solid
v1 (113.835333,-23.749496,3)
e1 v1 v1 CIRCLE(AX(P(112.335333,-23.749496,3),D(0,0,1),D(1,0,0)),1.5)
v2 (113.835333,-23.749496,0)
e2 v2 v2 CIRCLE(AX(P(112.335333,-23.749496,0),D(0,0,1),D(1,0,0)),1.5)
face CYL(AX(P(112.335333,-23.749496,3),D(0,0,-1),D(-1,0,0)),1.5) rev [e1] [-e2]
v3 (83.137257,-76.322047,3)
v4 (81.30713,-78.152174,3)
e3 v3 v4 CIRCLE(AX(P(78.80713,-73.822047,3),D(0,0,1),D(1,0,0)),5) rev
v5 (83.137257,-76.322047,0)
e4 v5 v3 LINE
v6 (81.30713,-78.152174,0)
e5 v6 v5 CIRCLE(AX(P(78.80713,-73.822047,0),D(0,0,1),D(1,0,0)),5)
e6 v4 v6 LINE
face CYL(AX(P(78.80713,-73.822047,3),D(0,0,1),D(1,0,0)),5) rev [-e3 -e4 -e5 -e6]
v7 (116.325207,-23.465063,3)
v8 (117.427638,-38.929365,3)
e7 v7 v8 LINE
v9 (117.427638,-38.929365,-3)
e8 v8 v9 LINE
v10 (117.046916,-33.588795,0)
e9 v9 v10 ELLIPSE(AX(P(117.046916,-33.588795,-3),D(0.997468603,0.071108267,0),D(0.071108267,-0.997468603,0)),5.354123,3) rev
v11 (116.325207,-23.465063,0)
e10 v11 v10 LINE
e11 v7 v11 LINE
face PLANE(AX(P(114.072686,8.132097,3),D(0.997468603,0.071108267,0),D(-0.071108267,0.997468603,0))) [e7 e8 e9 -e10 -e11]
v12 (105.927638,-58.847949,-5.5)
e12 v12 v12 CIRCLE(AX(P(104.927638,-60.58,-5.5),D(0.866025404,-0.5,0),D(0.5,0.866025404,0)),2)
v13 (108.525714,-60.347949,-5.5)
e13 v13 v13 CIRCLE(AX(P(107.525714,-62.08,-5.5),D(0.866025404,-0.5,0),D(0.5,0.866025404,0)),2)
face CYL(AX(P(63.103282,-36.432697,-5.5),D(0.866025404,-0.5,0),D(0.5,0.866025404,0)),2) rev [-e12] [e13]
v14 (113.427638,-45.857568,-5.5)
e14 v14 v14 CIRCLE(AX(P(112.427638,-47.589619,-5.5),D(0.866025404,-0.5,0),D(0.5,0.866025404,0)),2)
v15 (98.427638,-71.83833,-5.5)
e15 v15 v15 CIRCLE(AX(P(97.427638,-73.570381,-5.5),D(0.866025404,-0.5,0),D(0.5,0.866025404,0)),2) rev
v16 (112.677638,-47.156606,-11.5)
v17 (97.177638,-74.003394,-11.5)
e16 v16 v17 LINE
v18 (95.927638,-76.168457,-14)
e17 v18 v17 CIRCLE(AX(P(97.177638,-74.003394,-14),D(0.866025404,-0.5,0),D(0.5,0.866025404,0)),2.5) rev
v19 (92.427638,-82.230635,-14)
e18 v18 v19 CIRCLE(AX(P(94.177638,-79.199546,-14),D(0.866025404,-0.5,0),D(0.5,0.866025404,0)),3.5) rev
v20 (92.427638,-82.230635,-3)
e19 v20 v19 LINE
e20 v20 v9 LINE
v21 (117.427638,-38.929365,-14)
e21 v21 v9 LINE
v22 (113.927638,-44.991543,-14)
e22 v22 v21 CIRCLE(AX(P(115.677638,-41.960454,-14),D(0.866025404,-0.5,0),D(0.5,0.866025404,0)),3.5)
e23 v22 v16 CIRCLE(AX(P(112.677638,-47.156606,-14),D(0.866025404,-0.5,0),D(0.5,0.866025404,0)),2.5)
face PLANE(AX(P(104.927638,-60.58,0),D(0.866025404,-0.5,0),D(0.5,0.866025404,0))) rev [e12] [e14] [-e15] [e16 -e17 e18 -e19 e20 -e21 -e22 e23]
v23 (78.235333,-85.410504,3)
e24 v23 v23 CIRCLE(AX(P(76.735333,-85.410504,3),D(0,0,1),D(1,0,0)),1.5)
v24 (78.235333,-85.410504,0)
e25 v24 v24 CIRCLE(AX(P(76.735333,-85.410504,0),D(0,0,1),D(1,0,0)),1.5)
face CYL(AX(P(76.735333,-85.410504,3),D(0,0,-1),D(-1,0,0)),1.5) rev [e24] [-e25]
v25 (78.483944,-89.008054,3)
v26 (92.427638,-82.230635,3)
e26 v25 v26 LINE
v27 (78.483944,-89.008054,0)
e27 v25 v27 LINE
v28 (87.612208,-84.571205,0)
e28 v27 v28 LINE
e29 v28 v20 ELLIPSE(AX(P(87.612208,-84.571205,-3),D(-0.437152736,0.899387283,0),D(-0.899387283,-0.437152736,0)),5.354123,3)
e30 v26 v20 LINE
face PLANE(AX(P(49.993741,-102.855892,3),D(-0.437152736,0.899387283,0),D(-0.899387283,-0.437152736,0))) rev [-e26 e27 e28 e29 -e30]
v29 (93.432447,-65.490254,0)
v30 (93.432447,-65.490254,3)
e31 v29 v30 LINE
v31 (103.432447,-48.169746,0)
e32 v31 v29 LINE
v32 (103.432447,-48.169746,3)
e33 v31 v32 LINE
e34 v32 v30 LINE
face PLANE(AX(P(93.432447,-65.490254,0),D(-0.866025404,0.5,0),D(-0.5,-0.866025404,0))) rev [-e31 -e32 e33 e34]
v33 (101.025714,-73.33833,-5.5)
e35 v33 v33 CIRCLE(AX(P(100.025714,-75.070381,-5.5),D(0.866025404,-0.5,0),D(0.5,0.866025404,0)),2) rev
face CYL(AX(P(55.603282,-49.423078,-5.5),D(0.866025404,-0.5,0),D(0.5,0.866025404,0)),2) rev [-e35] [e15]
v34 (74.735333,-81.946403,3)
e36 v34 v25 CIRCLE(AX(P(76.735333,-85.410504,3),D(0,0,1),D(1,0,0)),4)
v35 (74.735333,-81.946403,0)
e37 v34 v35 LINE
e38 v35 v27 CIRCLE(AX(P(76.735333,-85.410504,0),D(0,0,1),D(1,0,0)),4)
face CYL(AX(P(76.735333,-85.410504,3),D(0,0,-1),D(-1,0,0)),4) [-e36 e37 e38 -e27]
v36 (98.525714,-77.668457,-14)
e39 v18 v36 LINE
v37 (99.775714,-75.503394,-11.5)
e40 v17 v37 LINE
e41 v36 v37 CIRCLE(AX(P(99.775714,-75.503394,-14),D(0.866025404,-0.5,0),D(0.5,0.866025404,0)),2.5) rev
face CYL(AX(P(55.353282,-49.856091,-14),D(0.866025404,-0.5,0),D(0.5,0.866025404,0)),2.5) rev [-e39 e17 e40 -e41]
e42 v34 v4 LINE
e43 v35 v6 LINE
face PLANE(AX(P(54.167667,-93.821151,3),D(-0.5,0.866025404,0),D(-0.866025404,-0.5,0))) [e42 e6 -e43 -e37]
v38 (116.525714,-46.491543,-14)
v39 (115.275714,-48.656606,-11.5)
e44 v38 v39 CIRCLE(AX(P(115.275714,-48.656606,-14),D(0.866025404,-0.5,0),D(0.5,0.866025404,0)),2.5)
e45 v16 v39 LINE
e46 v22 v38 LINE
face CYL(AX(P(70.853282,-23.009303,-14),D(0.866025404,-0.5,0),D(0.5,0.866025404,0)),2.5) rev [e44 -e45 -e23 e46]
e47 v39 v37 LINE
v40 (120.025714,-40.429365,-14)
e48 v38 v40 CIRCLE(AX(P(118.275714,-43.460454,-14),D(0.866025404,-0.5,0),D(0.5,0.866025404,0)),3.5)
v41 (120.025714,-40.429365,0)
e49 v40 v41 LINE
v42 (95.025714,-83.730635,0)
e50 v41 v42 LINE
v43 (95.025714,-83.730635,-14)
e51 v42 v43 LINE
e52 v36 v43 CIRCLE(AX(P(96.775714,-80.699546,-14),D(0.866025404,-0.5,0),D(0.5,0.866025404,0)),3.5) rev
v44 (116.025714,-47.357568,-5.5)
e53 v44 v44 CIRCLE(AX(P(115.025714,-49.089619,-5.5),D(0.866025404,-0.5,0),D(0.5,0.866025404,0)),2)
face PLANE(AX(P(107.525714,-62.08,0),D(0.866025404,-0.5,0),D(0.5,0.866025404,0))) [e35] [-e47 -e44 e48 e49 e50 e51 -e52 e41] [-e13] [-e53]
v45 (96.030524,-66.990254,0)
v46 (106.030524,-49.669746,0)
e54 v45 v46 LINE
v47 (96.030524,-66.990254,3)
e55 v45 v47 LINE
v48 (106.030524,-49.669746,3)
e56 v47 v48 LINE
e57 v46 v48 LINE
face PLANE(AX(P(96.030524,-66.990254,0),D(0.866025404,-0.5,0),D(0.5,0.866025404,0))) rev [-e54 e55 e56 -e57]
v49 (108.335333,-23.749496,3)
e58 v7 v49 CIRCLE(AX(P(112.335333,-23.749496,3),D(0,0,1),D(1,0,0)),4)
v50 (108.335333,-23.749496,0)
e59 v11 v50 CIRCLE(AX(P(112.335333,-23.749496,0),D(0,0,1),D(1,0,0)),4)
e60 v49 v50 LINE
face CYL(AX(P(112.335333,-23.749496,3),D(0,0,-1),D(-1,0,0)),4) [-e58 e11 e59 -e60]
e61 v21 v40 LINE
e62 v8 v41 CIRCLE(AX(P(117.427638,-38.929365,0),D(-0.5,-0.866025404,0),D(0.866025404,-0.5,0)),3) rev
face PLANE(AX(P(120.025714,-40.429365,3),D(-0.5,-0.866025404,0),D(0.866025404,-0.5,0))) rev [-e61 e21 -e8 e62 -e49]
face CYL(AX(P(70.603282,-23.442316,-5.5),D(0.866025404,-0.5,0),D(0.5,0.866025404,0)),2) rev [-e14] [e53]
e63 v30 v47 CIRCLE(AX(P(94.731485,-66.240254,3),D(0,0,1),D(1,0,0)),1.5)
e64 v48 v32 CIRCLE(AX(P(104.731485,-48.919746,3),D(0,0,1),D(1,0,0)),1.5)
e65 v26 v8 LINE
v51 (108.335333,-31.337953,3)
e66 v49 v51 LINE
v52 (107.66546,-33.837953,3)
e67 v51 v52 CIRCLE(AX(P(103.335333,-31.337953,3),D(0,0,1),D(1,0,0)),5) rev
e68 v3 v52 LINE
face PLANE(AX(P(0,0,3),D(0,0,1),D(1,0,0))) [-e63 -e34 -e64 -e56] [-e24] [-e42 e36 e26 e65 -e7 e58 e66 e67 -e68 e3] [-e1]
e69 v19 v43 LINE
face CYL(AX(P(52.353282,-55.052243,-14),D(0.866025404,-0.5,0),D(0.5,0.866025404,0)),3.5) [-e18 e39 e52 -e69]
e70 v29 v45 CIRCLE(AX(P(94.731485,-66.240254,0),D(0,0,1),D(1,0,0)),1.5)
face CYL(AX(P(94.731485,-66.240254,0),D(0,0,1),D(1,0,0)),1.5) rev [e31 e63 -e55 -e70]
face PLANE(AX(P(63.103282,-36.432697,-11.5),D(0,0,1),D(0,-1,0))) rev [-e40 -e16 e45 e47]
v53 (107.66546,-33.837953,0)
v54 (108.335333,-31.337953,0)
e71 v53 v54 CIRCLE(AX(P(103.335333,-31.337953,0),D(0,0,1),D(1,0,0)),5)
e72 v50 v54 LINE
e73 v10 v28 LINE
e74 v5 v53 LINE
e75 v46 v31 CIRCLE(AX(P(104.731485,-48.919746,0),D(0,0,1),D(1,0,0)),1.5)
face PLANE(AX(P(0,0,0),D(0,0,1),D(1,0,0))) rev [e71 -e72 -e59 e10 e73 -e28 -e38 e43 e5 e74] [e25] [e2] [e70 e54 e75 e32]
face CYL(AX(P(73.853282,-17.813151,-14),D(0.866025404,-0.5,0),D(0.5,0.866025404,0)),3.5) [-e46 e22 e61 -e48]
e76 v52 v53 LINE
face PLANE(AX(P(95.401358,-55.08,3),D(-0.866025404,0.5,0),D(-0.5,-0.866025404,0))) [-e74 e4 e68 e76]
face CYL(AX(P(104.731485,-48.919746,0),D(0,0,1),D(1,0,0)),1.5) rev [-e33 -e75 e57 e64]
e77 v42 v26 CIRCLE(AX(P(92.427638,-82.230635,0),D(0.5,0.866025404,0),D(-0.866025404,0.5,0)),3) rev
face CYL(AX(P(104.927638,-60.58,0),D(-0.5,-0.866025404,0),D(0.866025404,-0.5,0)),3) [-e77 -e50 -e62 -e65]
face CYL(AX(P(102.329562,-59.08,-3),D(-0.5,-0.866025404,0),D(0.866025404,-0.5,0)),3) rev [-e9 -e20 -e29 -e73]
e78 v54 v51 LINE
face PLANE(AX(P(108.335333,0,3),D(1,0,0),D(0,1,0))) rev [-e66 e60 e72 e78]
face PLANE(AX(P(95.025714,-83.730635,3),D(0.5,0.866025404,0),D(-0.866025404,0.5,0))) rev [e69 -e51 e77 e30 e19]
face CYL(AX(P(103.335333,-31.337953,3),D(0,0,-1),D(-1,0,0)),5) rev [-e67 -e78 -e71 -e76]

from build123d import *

# Parameters (mm, degrees)
SKETCH_1_R          = 1.5
EXTRUDE_1_DEPTH     = 3
CUT_EXTRUDE_1_DEPTH = 148.622791061
SKETCH_3_W          = 30
SKETCH_3_H          = 50
EXTRUDE_2_DEPTH     = 3
FILLET_1_R          = 3
SKETCH_4_R          = 2
CUT_EXTRUDE_2_DEPTH = 62.083894888
FILLET_2_R          = 5


with BuildPart() as part:
    # 草图1 → 凸台-拉伸1 (new body)
    with BuildSketch(Plane.XY):
        with BuildLine():
            ThreePointArc((74.735333077, -81.94640276), (73.202271099, -87.285997126), (78.48394402, -89.008053508))
            Line((78.48394402, -89.008053508), (92.427637923, -82.230635095))
            Line((92.427637923, -82.230635095), (117.427637923, -38.929364905))
            Line((117.427637923, -38.929364905), (116.32520749, -23.465062556))
            ThreePointArc((116.32520749, -23.465062556), (112.193026456, -19.752027824), (108.335333077, -23.749495625))
            Line((108.335333077, -23.749495625), (108.335333077, -32.677698856))
            Line((108.335333077, -32.677698856), (82.467383885, -77.482301144))
            Line((82.467383885, -77.482301144), (74.735333077, -81.94640276))
        make_face()
        with Locations((76.735333077, -85.410504375)):
            Circle(SKETCH_1_R, mode=Mode.SUBTRACT)
        with Locations((112.335333077, -23.749495625)):
            Circle(SKETCH_1_R, mode=Mode.SUBTRACT)
    extrude(amount=EXTRUDE_1_DEPTH)

    # 草图2 → 切除-拉伸1 (cut, through all)
    with BuildSketch(Plane.XY.offset(3)):
        with BuildLine():
            Line((93.432447394, -65.490254038), (103.432447394, -48.169745962))
            ThreePointArc((103.432447394, -48.169745962), (105.4814855, -47.620707856), (106.030523605, -49.669745962))
            Line((106.030523605, -49.669745962), (96.030523605, -66.990254038))
            ThreePointArc((96.030523605, -66.990254038), (93.9814855, -67.539292144), (93.432447394, -65.490254038))
        make_face()
    extrude(amount=-CUT_EXTRUDE_1_DEPTH, mode=Mode.SUBTRACT)

    # 草图3 → 凸台-拉伸2 (add)
    with BuildSketch(Plane(origin=(104.927637923, -60.58, 0), x_dir=(0, 0, -1), z_dir=(0.8660254037844419, -0.4999999999999942, 0))):
        with Locations((12, 0)):
            Rectangle(SKETCH_3_W, SKETCH_3_H)
    extrude(amount=EXTRUDE_2_DEPTH)

    # 圆角1
    fillet_1_edges = [part.edges().sort_by_distance(p)[0] for p in [
        (107.525714134, -62.08, 3),
        (104.927637923, -60.58, 0),
    ]]
    fillet(fillet_1_edges, radius=FILLET_1_R)

    # 草图4 → 切除-拉伸2 (cut, through all)
    with BuildSketch(Plane(origin=(107.525714134, -62.08, 0), x_dir=(0, 0, -1), z_dir=(0.8660254037844419, -0.4999999999999943, 0))):
        with BuildLine():
            Line((27, -25), (27, 25))
            Line((27, 25), (14, 25))
            ThreePointArc((14, 25), (17.5, 21.5), (14, 18))
            ThreePointArc((14, 18), (12.232233047, 17.267766953), (11.5, 15.5))
            Line((11.5, 15.5), (11.5, -15.5))
            ThreePointArc((11.5, -15.5), (12.232233047, -17.267766953), (14, -18))
            ThreePointArc((14, -18), (17.5, -21.5), (14, -25))
            Line((14, -25), (27, -25))
        make_face()
        with Locations(Location((5.5, 0, 0), (0, 0, 90))):
            Circle(SKETCH_4_R)
        with Locations(Location((5.5, 15, 0), (0, 0, 90))):
            Circle(SKETCH_4_R)
        with Locations(Location((5.5, -15, 0), (0, 0, 90))):
            Circle(SKETCH_4_R)
    extrude(amount=-CUT_EXTRUDE_2_DEPTH, mode=Mode.SUBTRACT)

    # 圆角2
    fillet_2_edges = [part.edges().sort_by_distance(p)[0] for p in [
        (82.467383885, -77.482301144, 1.5),
        (108.335333077, -32.677698856, 1.5),
    ]]
    fillet(fillet_2_edges, radius=FILLET_2_R)


solid = part.part
